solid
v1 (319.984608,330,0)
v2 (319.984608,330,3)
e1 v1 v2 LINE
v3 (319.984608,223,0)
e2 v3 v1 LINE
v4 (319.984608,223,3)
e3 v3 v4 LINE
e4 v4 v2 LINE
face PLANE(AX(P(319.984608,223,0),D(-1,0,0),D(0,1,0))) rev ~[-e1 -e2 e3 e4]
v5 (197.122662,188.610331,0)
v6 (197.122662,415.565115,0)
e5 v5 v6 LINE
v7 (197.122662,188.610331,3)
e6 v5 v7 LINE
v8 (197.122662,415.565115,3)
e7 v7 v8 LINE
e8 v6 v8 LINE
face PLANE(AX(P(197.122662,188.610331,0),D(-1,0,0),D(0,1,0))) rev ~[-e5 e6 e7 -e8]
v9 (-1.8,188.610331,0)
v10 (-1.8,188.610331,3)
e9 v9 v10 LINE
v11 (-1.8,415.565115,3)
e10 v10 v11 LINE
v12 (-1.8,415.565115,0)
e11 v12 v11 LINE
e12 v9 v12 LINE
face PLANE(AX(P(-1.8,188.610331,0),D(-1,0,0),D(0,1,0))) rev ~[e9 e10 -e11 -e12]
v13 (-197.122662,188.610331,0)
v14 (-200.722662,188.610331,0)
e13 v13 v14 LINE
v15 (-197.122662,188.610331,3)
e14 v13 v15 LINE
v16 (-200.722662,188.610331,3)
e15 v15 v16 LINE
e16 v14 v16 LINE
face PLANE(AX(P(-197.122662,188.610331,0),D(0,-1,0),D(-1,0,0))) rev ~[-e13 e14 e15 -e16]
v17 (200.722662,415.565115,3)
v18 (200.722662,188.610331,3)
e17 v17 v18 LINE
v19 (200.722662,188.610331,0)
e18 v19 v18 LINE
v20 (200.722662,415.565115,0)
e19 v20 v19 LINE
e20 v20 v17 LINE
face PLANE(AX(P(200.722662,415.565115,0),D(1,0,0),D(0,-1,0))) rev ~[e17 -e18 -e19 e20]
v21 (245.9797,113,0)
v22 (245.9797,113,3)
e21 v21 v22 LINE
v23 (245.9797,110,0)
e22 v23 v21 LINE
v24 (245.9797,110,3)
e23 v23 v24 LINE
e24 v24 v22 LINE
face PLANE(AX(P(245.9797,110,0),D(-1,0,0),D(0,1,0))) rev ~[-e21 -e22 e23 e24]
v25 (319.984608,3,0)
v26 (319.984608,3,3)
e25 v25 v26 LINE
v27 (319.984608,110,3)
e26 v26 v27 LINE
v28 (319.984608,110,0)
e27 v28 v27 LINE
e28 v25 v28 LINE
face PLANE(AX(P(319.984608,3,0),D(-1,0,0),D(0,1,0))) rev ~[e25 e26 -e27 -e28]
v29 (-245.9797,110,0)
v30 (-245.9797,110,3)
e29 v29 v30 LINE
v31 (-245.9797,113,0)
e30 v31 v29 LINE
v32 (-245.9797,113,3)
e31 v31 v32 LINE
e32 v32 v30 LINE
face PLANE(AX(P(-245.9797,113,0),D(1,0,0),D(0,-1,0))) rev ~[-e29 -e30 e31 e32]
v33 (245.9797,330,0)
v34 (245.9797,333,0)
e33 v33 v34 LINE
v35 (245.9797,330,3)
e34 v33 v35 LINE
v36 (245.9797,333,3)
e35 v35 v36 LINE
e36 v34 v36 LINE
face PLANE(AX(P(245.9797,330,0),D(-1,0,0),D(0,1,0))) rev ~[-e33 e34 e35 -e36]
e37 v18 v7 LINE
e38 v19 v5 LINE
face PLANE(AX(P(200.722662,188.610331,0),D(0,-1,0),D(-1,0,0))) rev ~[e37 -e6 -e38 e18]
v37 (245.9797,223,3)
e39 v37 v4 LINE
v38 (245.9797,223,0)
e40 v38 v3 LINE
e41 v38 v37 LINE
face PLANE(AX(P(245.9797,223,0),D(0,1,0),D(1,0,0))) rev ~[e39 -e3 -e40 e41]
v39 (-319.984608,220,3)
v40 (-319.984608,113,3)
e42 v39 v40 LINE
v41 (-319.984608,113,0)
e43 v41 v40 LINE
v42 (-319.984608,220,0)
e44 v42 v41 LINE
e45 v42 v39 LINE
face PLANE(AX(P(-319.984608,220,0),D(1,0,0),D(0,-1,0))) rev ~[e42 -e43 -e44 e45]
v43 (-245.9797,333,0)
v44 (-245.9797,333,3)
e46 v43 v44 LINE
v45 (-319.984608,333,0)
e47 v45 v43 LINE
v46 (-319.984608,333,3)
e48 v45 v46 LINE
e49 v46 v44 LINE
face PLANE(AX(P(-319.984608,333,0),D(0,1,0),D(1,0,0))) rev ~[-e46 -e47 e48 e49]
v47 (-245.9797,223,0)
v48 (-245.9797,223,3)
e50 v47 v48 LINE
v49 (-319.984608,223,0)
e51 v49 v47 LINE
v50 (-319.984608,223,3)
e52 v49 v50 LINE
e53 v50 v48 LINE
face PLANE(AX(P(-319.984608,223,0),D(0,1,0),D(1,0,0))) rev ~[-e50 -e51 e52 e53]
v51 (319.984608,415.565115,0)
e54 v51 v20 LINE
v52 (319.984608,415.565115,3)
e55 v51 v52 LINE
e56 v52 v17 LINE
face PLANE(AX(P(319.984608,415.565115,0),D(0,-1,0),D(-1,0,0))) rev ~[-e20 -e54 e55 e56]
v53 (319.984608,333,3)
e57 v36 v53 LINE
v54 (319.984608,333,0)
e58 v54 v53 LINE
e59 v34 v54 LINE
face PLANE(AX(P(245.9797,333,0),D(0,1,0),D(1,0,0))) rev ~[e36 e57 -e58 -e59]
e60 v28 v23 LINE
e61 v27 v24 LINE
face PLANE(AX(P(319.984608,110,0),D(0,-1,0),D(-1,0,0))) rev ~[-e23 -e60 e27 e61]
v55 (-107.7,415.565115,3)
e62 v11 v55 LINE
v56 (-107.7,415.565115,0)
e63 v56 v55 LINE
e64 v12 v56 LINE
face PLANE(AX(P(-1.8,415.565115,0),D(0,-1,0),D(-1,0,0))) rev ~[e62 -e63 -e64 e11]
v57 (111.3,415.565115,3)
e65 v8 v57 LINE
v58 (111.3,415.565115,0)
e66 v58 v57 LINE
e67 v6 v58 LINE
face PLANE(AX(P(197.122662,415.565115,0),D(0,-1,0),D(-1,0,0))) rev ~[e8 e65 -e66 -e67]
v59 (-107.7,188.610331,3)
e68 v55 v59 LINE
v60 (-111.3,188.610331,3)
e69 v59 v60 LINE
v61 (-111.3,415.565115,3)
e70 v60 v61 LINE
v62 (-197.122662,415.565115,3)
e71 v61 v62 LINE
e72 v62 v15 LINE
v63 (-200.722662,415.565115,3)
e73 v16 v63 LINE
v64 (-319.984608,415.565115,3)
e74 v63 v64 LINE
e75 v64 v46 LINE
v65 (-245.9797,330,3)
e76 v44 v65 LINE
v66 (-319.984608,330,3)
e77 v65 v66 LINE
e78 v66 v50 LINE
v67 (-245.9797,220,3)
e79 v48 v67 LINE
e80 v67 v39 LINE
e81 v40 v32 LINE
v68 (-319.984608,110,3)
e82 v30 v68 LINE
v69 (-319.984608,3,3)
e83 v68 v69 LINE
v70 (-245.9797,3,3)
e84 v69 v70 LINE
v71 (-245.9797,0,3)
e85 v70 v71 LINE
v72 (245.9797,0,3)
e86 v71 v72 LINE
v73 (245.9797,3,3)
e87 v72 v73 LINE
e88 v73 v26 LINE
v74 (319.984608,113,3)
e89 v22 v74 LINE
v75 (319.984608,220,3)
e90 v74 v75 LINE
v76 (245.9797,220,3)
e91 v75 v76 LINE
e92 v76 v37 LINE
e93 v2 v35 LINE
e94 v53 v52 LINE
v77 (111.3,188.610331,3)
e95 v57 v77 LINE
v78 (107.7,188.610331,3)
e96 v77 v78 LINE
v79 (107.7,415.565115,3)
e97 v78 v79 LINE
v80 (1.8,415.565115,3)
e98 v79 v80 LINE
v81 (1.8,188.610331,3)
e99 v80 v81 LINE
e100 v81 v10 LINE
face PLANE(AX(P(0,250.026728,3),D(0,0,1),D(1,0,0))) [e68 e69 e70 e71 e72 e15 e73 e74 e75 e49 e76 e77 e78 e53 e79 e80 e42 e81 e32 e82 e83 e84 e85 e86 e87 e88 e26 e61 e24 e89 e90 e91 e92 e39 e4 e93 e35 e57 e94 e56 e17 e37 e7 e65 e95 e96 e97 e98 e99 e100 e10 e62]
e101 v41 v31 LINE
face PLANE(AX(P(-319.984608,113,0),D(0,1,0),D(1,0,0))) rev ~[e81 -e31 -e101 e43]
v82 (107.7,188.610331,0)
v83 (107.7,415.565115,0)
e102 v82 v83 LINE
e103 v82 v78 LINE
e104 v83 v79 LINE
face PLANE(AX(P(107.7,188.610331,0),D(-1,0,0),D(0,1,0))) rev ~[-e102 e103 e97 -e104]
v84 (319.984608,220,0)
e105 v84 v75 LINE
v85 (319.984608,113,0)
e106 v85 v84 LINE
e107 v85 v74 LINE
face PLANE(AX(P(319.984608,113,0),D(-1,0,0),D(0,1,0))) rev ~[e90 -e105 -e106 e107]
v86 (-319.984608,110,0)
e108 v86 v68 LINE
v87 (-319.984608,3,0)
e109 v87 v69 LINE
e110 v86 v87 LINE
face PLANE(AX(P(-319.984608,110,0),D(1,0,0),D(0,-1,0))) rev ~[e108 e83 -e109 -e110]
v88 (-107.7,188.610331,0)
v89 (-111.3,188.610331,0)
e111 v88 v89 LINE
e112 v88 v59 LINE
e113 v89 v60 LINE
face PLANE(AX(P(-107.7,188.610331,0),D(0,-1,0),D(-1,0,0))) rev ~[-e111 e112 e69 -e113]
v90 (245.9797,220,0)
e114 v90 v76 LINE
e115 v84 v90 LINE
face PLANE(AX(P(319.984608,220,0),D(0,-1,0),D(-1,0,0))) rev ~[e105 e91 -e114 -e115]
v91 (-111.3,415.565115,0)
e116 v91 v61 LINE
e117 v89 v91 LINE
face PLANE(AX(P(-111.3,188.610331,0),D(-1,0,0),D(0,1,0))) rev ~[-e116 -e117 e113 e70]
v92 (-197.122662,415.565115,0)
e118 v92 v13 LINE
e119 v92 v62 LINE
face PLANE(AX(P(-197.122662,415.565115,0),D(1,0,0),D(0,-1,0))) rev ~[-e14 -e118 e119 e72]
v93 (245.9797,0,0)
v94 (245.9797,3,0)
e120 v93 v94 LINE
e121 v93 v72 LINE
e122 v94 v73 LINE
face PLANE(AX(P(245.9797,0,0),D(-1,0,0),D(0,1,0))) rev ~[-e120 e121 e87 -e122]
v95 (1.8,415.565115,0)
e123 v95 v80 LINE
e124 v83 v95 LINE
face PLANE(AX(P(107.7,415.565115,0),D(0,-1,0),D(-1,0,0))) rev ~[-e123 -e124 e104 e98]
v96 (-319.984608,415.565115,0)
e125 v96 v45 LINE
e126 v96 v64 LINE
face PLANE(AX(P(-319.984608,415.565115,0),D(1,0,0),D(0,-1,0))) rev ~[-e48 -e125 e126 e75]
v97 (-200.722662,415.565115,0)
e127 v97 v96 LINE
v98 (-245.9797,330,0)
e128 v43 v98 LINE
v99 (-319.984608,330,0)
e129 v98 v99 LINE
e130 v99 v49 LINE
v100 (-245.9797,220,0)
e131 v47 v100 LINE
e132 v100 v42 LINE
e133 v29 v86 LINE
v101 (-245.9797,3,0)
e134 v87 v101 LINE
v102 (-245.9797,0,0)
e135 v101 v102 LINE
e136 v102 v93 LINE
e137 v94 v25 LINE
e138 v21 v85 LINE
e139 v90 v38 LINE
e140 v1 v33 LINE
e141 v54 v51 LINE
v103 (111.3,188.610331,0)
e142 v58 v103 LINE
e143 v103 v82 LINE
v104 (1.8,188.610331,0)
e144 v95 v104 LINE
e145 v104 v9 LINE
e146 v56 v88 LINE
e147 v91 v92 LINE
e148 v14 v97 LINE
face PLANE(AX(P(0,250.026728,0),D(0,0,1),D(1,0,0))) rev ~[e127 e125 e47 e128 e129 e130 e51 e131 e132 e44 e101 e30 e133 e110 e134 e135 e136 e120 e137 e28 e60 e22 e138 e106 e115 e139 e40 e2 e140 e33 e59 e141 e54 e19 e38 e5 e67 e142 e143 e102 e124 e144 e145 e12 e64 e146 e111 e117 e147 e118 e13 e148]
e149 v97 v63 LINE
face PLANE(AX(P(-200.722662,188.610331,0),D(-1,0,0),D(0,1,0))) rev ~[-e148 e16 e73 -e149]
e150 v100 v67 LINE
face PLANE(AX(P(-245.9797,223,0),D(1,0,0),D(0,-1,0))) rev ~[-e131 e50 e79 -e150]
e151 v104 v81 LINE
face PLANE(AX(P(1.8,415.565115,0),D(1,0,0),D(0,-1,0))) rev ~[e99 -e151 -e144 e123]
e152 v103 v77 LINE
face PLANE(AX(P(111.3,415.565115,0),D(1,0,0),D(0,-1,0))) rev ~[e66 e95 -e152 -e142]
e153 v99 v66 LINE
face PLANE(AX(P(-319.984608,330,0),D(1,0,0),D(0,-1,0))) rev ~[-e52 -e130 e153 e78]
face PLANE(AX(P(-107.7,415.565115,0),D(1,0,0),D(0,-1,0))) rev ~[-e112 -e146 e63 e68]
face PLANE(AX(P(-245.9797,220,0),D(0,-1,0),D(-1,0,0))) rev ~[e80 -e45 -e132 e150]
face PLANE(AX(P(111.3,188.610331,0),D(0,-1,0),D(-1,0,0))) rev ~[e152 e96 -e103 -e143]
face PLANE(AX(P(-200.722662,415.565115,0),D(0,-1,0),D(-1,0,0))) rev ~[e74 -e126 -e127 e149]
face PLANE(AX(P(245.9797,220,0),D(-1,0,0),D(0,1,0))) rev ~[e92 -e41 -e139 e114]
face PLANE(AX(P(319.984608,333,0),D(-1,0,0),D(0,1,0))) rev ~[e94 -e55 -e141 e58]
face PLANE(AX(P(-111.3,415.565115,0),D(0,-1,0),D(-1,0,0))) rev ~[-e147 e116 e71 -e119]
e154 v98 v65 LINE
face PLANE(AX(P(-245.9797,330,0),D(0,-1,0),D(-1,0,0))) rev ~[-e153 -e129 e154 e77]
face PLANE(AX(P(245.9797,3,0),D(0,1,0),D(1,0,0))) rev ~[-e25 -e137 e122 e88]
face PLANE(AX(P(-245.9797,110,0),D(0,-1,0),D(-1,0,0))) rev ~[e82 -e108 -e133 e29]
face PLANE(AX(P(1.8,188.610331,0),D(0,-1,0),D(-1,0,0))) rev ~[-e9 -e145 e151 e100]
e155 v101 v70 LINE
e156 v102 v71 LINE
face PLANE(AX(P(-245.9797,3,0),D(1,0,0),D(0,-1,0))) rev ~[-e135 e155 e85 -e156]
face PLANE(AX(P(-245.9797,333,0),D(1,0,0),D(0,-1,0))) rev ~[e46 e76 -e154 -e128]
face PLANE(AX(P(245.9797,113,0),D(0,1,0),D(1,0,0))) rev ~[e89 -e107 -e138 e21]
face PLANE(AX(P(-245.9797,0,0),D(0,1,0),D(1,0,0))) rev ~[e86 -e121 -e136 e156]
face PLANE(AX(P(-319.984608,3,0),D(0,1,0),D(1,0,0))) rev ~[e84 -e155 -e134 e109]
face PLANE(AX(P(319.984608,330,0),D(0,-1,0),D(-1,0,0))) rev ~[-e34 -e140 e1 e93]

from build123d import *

# Parameters (mm, degrees)
BOSS_EXTRUDE1_DEPTH = 3


with BuildPart() as part:
    # Model → Boss-Extrude1 (new body)
    with BuildSketch(Plane.XY):
        Polygon((-319.984608096, 3), (-245.979700014, 3), (-245.979700014, 0), (245.979700014, 0), (245.979700014, 3), (319.984608096, 3), (319.984608096, 110), (245.979700014, 110), (245.979700014, 113), (319.984608096, 113), (319.984608096, 220), (245.979700014, 220), (245.979700014, 223), (319.984608096, 223), (319.984608096, 330), (245.979700014, 330), (245.979700014, 333), (319.984608096, 333), (319.984608096, 415.56511461), (200.722661621, 415.56511461), (200.722661621, 188.610331254), (197.122661621, 188.610331254), (197.122661621, 415.56511461), (111.3, 415.56511461), (111.3, 188.610331254), (107.7, 188.610331254), (107.7, 415.56511461), (1.8, 415.56511461), (1.8, 188.610331254), (-1.8, 188.610331254), (-1.8, 415.56511461), (-107.7, 415.56511461), (-107.7, 188.610331254), (-111.3, 188.610331254), (-111.3, 415.56511461), (-197.122661621, 415.56511461), (-197.122661621, 188.610331254), (-200.722661621, 188.610331254), (-200.722661621, 415.56511461), (-319.984608096, 415.56511461), (-319.984608096, 333), (-245.979700014, 333), (-245.979700014, 330), (-319.984608096, 330), (-319.984608096, 223), (-245.979700014, 223), (-245.979700014, 220), (-319.984608096, 220), (-319.984608096, 113), (-245.979700014, 113), (-245.979700014, 110), (-319.984608096, 110), align=None)
    extrude(amount=BOSS_EXTRUDE1_DEPTH)


solid = part.part
